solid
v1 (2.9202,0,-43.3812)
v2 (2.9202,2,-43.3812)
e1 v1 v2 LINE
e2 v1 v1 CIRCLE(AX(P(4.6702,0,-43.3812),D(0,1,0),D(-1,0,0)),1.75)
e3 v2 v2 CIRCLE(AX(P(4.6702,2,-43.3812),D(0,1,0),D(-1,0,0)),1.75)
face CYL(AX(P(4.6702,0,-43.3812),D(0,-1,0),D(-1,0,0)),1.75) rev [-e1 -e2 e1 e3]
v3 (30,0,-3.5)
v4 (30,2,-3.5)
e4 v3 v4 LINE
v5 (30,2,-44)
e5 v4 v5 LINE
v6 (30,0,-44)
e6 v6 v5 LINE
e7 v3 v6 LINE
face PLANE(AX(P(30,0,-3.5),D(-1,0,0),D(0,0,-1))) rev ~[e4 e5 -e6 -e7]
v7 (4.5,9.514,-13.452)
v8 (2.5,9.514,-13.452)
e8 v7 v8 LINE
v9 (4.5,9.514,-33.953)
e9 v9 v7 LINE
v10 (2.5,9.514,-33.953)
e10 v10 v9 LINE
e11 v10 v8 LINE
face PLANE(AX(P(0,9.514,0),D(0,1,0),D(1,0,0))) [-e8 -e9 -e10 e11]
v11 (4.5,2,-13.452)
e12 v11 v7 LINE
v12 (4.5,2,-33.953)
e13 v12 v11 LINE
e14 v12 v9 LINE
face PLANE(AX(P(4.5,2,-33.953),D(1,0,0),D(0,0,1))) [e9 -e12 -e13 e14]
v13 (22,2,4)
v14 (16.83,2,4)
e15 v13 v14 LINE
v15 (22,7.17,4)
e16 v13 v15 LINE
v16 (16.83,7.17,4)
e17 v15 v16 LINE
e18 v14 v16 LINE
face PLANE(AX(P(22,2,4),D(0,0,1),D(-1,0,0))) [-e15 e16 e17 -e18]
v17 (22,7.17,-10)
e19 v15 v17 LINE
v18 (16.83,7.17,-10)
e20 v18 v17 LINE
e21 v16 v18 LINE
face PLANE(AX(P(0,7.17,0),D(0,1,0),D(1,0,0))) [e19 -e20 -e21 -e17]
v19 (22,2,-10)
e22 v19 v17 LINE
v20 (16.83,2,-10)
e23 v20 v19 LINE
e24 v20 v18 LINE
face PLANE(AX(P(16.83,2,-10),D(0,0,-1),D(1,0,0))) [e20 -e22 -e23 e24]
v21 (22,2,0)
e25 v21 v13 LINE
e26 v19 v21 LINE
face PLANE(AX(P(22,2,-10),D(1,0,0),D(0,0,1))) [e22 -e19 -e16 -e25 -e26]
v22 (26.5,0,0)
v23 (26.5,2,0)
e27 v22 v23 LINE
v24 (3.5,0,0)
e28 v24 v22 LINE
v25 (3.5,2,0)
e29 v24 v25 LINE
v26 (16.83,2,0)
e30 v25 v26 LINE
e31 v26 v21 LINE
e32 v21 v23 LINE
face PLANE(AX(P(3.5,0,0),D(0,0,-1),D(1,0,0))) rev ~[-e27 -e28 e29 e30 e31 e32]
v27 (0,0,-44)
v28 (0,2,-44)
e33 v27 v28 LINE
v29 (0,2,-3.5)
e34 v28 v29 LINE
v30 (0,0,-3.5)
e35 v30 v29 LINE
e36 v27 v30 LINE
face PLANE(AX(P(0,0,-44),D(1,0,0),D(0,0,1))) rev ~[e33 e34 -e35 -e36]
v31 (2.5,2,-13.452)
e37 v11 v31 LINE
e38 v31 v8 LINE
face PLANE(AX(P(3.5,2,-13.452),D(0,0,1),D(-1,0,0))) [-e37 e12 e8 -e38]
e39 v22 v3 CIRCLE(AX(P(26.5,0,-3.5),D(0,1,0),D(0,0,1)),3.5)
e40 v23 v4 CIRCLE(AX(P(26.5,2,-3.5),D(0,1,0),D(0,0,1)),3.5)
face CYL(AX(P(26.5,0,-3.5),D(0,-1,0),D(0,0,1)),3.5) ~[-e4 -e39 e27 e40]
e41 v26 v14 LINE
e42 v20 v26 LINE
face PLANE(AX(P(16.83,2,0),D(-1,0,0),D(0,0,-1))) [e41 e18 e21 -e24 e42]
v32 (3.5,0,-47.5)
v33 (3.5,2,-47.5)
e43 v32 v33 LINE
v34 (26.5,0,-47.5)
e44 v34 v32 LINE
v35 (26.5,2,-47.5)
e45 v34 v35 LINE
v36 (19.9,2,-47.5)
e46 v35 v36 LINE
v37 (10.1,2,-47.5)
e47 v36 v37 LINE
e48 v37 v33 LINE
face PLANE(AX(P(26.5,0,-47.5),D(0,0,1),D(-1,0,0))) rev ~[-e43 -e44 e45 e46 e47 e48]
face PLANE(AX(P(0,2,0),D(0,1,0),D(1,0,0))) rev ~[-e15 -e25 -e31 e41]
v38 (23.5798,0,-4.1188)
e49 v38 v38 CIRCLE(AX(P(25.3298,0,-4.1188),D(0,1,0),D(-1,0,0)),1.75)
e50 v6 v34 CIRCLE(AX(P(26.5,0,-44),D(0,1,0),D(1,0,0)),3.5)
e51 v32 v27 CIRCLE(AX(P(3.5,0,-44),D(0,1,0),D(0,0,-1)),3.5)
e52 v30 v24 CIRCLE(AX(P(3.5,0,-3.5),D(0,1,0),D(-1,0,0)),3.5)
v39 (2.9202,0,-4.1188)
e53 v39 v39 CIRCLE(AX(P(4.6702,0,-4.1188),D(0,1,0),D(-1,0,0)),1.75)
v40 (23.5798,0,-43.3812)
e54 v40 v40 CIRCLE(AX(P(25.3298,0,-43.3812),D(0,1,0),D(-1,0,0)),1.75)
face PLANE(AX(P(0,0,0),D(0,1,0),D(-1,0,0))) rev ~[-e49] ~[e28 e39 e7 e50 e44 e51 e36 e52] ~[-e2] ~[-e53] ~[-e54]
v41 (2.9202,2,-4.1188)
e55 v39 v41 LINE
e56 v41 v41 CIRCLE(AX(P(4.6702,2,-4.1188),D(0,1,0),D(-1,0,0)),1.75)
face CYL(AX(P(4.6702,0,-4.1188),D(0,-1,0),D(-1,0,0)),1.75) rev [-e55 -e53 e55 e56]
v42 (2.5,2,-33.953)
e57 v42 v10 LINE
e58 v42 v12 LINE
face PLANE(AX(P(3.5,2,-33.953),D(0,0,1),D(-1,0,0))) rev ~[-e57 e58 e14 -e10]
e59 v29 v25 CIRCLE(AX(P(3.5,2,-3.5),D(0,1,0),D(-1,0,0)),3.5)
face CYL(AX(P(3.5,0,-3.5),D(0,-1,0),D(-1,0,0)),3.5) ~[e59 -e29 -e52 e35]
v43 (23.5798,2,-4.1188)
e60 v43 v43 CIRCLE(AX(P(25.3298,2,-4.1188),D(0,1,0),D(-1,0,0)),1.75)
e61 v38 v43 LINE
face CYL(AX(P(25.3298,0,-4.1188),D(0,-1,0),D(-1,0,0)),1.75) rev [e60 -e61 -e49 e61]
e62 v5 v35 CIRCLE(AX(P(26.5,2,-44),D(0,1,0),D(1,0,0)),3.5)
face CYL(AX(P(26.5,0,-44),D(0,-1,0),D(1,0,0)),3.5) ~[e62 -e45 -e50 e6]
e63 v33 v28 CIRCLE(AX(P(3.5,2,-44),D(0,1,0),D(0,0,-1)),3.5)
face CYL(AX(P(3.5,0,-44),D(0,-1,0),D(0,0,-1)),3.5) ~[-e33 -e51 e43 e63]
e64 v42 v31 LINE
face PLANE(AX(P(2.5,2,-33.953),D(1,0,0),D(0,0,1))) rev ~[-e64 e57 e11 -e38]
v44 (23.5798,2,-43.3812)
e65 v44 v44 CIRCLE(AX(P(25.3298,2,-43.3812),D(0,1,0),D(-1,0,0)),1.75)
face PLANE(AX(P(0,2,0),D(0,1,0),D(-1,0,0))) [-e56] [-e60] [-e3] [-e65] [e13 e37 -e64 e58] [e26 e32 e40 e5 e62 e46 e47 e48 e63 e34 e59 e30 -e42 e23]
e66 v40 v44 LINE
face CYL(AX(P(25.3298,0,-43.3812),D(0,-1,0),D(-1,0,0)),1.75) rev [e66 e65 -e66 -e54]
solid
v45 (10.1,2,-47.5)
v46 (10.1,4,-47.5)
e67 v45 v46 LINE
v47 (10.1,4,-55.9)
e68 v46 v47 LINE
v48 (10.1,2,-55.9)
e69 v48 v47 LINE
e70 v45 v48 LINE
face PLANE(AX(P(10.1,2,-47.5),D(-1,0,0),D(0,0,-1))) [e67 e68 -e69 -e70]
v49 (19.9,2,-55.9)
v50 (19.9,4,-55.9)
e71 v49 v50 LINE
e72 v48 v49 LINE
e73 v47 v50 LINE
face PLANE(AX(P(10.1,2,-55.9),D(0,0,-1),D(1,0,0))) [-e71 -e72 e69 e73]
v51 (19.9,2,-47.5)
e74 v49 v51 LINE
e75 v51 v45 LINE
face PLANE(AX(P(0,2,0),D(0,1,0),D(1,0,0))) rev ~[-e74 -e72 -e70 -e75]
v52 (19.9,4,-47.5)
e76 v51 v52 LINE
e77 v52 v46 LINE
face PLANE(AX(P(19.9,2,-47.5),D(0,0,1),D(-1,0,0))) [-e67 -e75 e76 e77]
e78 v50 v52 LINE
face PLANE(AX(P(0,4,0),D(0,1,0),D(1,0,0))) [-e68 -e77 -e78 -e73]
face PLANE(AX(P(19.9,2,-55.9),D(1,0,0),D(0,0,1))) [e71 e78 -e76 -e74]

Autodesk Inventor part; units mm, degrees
ref_plane "YZ Plane" through (0, 0, 0) normal (1, 0, 0) x (0, 1, 0)
ref_plane "XZ Plane" through (0, 0, 0) normal (0, 1, 0) x (-1, 0, 0)
ref_plane "XY Plane" through (0, 0, 0) normal (0, 0, 1) x (1, 0, 0)
sketch "Sketch1" plane through (0, 0, 0) normal (0, 1, 0) x (-1, 0, 0)
  line L0 (-3.5, 0) -> (-30, 0)
  line L1 (-30, -3.5) -> (-30, -44)
  line L2 (-26.5, -47.5) -> (-3.5, -47.5)
  line L3 (0, -44) -> (0, -3.5)
  line L4 (-26.5, 0) -> (-23.773, 0) construction
  circle A0 centre (-25.3298, -4.1188) radius 1.75
  circle A1 centre (-4.6702, -4.1188) radius 1.75
  circle A2 centre (-25.3298, -43.3812) radius 1.75
  circle A3 centre (-4.6702, -43.3812) radius 1.75
  arc A4 (0, -3.5) -> (-3.5, 0) centre (-3.5, -3.5) ccw
  arc A5 (-3.5, -47.5) -> (0, -44) centre (-3.5, -44) ccw
  arc A6 (-30, -44) -> (-26.5, -47.5) centre (-26.5, -44) ccw
  arc A7 (-26.5, 0) -> (-30, -3.5) centre (-26.5, -3.5) ccw
  point P0 (0, 0)
  point P1 (-30, -47.5)
  point P2 (0, -47.5)
  dimension "d0" = 30
  dimension "d1" = 47.5
  dimension "d4" = 3.5
  dimension "d5" = 3.5
  dimension "d6" = 3.5
extrude "Extrusion1" add sketch "Sketch1" along normal blind 2
sketch "Sketch2" plane through (0, 2, 0) normal (0, 1, 0) x (1, 0, 0)
  line L0 (30, 0) -> (22, 0)
  line L1 (3.5, 0) -> (26.5, 0) projected
  line L2 (22, 0) -> (22, -4)
  line L3 (22, 0) -> (26, 0) construction
  line L4 (22, -4) -> (16.83, -4)
  line L5 (16.83, -4) -> (16.83, 10)
  line L6 (16.83, 10) -> (22, 10)
  line L7 (22, 10) -> (22, 0)
  point P0 (0, 0)
  dimension "d9" = 8
  dimension "d12" = 4
  dimension "d13" = 90
  dimension "d14" = 5.17
  dimension "d15" = 14
extrude "Extrusion2" add sketch "Sketch2" along normal blind 5.17
sketch "Sketch3" plane through (0, 2, 0) normal (0, 1, 0) x (1, 0, 0)
  line L0 (26.5, 47.5) -> (3.5, 47.5) projected
  line L1 (15, 47.5) -> (10.1, 47.5)
  line L2 (10.1, 47.5) -> (10.1, 55.9)
  line L3 (10.1, 55.9) -> (19.9, 55.9)
  line L4 (19.9, 55.9) -> (19.9, 47.5)
  point P0 (0, 0)
  dimension "d18" = 4.9
  dimension "d19" = 8.4
  dimension "d20" = 9.8
extrude "Extrusion3" add sketch "Sketch3" along normal blind 2
sketch "Sketch4" plane through (0, 2, 0) normal (0, 1, 0) x (1, 0, 0)
  arc A0 (3.5, 47.5) -> (0, 44) centre (3.5, 44) ccw projected
  line L0 (0, 44) -> (0, 3.5) projected
  arc A1 (0, 3.5) -> (3.5, 0) centre (3.5, 3.5) ccw projected
  line L1 (3.5, 0) -> (3.5, 13.452)
  line L2 (3.5, 13.452) -> (2.5, 13.452)
  line L3 (10.1, 47.5) -> (3.5, 47.5) projected
  line L4 (3.5, 47.5) -> (3.5, 33.953)
  line L5 (3.5, 33.953) -> (2.5, 33.953)
  line L6 (2.5, 33.953) -> (2.5, 13.452)
  line L7 (3.5, 13.452) -> (4.5, 13.452)
  line L8 (3.5, 33.953) -> (4.5, 33.953)
  line L9 (4.5, 33.953) -> (4.5, 13.452)
  point P0 (0, 0)
  dimension "d26" = 13.452
  dimension "d27" = 1
  dimension "d28" = 13.547
  dimension "d29" = 1
  dimension "d30" = 1
extrude "Extrusion4" add sketch "Sketch4" along normal blind 7.514 contours L8 L9 L7 L2 L6 L5
properties part number "voice recognition"
